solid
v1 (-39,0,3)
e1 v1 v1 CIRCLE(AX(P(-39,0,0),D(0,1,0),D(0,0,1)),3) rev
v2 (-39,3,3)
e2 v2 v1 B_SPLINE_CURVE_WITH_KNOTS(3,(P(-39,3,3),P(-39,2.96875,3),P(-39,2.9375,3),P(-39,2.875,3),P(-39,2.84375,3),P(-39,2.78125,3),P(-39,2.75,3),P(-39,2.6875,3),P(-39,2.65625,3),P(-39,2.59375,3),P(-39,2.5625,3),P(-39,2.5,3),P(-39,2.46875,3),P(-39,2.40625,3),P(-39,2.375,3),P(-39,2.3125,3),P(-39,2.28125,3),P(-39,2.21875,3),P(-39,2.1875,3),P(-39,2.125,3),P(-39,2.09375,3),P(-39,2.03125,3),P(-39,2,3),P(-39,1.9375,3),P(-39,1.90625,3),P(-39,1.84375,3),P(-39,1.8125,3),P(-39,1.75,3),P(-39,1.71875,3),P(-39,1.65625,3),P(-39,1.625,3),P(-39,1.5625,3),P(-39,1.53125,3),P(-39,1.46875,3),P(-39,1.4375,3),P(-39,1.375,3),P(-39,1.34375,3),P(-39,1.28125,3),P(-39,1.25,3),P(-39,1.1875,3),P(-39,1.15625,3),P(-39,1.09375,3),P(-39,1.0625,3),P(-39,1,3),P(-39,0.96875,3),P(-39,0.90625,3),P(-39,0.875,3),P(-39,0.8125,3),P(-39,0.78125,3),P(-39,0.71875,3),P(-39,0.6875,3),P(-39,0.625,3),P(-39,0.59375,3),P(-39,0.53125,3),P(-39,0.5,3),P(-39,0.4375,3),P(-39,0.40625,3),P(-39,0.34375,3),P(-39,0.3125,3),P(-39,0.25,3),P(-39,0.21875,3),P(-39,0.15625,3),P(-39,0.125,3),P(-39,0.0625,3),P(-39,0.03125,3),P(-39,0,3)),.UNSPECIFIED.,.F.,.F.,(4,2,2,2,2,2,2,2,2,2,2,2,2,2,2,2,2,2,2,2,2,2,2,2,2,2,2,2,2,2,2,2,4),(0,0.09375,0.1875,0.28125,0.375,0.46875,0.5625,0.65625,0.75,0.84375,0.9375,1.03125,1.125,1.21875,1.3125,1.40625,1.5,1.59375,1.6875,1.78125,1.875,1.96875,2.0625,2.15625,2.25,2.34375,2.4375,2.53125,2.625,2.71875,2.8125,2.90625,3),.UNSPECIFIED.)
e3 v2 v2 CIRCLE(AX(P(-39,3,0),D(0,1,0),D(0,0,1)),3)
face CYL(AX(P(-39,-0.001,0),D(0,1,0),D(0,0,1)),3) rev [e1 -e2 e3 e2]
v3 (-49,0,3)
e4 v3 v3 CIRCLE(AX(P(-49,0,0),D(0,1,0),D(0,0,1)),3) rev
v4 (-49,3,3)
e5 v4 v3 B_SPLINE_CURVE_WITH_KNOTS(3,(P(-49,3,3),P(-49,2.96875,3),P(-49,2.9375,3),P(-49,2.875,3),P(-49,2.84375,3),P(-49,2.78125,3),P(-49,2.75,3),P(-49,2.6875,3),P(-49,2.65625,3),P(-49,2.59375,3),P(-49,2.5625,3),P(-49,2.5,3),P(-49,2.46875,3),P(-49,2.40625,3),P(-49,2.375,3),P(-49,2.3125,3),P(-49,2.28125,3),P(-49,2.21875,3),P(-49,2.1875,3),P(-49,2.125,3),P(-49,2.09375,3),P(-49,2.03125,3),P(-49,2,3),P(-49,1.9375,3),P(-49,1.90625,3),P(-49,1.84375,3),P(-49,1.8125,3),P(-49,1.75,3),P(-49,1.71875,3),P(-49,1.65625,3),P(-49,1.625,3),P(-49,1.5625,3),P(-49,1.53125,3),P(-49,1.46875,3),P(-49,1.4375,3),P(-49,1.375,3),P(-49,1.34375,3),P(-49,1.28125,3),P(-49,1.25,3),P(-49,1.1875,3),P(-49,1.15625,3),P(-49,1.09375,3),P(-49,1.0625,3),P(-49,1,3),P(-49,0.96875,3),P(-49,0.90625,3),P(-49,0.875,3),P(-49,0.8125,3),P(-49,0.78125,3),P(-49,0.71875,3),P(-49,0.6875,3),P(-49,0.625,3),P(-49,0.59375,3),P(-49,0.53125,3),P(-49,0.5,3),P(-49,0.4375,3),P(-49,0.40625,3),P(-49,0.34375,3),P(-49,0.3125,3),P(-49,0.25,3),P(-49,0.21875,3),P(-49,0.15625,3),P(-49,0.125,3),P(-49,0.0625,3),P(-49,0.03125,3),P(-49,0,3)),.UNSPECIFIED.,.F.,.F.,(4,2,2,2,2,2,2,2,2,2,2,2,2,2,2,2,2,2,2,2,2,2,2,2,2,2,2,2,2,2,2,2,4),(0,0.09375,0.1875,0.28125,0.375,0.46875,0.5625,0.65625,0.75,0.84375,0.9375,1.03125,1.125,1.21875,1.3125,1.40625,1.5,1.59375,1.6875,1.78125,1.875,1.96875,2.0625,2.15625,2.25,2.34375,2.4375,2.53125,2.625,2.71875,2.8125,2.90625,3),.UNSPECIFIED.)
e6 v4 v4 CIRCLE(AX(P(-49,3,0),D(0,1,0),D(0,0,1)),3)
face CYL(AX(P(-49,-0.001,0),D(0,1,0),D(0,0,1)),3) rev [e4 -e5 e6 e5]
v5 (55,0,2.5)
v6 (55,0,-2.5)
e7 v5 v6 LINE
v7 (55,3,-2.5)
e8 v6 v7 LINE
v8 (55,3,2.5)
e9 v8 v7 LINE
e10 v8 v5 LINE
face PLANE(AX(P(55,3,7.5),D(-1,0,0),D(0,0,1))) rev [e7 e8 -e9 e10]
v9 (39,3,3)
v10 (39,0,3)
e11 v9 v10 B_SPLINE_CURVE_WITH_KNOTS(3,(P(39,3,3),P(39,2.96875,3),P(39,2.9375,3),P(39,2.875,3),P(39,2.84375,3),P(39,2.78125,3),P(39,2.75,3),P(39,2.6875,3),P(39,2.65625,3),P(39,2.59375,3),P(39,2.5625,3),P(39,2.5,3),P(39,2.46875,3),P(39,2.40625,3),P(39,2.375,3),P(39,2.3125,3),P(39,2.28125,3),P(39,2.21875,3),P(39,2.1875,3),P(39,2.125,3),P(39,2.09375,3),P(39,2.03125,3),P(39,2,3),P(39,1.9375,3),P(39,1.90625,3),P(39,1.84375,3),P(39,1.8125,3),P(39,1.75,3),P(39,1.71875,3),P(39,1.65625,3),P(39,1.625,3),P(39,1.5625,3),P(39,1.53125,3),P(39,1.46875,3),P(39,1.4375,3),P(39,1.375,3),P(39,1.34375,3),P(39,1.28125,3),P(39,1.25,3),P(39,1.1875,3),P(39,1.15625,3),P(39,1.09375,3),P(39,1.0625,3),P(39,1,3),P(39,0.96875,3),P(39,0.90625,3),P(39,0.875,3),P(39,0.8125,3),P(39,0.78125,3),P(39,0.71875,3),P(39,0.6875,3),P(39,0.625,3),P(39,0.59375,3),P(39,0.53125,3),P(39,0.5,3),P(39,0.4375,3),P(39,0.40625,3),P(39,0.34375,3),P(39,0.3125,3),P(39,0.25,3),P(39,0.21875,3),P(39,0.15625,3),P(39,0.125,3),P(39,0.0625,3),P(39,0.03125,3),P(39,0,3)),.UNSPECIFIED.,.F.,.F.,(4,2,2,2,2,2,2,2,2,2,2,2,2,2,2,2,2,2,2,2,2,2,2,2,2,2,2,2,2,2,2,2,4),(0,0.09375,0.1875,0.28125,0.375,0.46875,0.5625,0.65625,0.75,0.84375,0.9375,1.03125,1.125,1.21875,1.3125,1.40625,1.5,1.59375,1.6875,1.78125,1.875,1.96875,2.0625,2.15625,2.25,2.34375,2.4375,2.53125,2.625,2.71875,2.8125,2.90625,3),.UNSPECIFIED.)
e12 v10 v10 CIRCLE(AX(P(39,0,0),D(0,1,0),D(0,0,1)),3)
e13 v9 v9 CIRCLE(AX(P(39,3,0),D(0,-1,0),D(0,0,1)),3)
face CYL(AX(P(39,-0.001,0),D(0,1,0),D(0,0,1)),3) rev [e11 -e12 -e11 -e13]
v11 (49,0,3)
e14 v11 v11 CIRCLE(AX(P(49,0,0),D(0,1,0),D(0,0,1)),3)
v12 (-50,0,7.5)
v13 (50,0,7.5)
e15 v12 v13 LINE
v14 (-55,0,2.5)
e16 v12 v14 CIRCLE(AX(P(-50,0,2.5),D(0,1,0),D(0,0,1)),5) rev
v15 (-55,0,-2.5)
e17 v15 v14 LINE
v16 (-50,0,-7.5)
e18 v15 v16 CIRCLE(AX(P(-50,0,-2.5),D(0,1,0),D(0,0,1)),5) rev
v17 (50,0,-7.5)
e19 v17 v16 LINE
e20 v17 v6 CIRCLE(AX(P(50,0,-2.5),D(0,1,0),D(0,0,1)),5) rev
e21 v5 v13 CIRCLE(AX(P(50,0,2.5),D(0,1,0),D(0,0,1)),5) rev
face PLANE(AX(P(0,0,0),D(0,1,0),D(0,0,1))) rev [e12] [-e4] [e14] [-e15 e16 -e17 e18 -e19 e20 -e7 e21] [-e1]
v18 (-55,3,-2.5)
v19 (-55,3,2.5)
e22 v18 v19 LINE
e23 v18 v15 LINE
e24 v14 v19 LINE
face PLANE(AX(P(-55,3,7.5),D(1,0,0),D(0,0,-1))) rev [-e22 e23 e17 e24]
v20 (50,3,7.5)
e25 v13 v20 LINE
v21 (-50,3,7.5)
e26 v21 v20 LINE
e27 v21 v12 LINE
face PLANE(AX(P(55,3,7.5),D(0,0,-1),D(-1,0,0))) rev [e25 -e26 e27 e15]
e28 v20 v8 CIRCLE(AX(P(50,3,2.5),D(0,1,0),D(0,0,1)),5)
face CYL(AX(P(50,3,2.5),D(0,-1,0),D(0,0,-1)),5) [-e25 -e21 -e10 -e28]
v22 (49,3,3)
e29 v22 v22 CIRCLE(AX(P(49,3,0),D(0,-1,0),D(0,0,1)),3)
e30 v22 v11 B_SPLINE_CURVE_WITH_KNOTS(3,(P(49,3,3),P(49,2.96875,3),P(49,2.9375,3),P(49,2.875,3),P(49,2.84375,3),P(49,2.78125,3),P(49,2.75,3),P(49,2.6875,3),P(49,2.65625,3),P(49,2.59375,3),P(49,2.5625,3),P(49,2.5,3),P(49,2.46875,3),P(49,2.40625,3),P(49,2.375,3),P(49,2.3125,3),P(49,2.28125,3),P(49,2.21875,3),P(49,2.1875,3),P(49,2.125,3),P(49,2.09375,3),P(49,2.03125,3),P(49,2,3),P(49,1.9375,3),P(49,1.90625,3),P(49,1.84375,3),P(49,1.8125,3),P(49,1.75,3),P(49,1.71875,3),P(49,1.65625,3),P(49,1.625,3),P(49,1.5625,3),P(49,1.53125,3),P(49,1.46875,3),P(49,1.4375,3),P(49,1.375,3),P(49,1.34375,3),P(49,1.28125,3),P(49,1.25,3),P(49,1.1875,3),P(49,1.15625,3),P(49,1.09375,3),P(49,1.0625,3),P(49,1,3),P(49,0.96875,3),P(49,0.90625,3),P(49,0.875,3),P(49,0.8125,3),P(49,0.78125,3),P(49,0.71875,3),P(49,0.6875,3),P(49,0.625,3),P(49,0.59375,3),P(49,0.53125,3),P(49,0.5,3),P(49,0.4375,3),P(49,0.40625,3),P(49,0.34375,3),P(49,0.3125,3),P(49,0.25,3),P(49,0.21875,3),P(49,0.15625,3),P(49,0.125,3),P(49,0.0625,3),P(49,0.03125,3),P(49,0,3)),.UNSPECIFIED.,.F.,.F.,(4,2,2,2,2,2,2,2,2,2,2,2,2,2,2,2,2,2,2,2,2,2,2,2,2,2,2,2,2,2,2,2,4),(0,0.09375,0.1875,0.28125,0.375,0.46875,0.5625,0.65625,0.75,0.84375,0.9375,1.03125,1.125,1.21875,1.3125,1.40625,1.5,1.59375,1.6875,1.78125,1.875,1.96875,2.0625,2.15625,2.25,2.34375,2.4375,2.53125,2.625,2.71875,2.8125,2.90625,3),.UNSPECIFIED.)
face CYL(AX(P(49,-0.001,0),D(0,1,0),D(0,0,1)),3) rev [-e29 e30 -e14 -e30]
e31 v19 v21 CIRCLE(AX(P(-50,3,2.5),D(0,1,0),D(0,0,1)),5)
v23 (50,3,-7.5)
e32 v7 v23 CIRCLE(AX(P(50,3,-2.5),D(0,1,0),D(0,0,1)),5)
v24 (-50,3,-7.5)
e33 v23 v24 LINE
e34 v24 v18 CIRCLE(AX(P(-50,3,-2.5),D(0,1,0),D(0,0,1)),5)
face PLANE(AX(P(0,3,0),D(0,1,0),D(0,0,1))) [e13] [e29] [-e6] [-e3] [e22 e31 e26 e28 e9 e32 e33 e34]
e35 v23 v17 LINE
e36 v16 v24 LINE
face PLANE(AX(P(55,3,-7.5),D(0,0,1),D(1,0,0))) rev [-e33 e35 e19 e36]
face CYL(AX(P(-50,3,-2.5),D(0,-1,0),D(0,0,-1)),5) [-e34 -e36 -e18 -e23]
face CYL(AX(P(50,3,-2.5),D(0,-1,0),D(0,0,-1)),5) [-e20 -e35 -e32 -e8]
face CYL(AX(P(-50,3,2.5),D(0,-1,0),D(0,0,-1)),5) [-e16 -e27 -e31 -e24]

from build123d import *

# Parameters (mm, degrees)
SKETCH1_W           = 110
SKETCH1_H           = 15
BOSS_EXTRUDE1_DEPTH = 3
CUT_EXTRUDE1_REACH  = 57.59
SKETCH2_R           = 3
FILLET1_R           = 5


with BuildPart() as part:
    # Sketch1 → Boss-Extrude1 (new body)
    with BuildSketch(Plane(origin=(0, 0, 0), x_dir=(1, 0, 0), z_dir=(0, 1, 0))):
        Rectangle(SKETCH1_W, SKETCH1_H)
    extrude(amount=BOSS_EXTRUDE1_DEPTH)

    # Sketch2 → Cut-Extrude1 (cut, up to next)
    with BuildSketch(Plane(origin=(0, 3, 0), x_dir=(1, 0, 0), z_dir=(0, 1, 0)), mode=Mode.PRIVATE) as cut_extrude1_sk1:
        with Locations(Location((-49, 0, 0), (0, 0, 270))):
            Circle(SKETCH2_R)
    cut_extrude1_tool1 = extrude(cut_extrude1_sk1.sketch, amount=-CUT_EXTRUDE1_REACH, mode=Mode.PRIVATE) & part.part
    # Sketch2 → Cut-Extrude1 (cut, up to next)
    with BuildSketch(Plane(origin=(0, 3, 0), x_dir=(1, 0, 0), z_dir=(0, 1, 0)), mode=Mode.PRIVATE) as cut_extrude1_sk2:
        with Locations(Location((-39, 0, 0), (0, 0, 270))):
            Circle(SKETCH2_R)
    cut_extrude1_tool2 = extrude(cut_extrude1_sk2.sketch, amount=-CUT_EXTRUDE1_REACH, mode=Mode.PRIVATE) & part.part
    cut_extrude1_1 = cut_extrude1_tool1.solids().sort_by_distance((-49, 3, 0))[0]
    add(cut_extrude1_1, mode=Mode.SUBTRACT)
    cut_extrude1_2 = cut_extrude1_tool2.solids().sort_by_distance((-39, 3, 0))[0]
    add(cut_extrude1_2, mode=Mode.SUBTRACT)
    cut_extrude1 = cut_extrude1_1 + cut_extrude1_2  # Cut-Extrude1 as one shape, for the pattern or mirror that repeats it

    # Mirror1: Cut-Extrude1 across plane
    add(cut_extrude1.mirror(Plane(origin=(0, 0, 0), x_dir=(0, 0, 1), z_dir=(1, 0, 0))), mode=Mode.SUBTRACT)

    # Fillet1
    fillet1_edges = [part.edges().sort_by_distance(p)[0] for p in [
        (-55, 1.5, -7.5),
        (55, 1.5, -7.5),
        (55, 1.5, 7.5),
        (-55, 1.5, 7.5),
    ]]
    fillet(fillet1_edges, radius=FILLET1_R)


solid = part.part
